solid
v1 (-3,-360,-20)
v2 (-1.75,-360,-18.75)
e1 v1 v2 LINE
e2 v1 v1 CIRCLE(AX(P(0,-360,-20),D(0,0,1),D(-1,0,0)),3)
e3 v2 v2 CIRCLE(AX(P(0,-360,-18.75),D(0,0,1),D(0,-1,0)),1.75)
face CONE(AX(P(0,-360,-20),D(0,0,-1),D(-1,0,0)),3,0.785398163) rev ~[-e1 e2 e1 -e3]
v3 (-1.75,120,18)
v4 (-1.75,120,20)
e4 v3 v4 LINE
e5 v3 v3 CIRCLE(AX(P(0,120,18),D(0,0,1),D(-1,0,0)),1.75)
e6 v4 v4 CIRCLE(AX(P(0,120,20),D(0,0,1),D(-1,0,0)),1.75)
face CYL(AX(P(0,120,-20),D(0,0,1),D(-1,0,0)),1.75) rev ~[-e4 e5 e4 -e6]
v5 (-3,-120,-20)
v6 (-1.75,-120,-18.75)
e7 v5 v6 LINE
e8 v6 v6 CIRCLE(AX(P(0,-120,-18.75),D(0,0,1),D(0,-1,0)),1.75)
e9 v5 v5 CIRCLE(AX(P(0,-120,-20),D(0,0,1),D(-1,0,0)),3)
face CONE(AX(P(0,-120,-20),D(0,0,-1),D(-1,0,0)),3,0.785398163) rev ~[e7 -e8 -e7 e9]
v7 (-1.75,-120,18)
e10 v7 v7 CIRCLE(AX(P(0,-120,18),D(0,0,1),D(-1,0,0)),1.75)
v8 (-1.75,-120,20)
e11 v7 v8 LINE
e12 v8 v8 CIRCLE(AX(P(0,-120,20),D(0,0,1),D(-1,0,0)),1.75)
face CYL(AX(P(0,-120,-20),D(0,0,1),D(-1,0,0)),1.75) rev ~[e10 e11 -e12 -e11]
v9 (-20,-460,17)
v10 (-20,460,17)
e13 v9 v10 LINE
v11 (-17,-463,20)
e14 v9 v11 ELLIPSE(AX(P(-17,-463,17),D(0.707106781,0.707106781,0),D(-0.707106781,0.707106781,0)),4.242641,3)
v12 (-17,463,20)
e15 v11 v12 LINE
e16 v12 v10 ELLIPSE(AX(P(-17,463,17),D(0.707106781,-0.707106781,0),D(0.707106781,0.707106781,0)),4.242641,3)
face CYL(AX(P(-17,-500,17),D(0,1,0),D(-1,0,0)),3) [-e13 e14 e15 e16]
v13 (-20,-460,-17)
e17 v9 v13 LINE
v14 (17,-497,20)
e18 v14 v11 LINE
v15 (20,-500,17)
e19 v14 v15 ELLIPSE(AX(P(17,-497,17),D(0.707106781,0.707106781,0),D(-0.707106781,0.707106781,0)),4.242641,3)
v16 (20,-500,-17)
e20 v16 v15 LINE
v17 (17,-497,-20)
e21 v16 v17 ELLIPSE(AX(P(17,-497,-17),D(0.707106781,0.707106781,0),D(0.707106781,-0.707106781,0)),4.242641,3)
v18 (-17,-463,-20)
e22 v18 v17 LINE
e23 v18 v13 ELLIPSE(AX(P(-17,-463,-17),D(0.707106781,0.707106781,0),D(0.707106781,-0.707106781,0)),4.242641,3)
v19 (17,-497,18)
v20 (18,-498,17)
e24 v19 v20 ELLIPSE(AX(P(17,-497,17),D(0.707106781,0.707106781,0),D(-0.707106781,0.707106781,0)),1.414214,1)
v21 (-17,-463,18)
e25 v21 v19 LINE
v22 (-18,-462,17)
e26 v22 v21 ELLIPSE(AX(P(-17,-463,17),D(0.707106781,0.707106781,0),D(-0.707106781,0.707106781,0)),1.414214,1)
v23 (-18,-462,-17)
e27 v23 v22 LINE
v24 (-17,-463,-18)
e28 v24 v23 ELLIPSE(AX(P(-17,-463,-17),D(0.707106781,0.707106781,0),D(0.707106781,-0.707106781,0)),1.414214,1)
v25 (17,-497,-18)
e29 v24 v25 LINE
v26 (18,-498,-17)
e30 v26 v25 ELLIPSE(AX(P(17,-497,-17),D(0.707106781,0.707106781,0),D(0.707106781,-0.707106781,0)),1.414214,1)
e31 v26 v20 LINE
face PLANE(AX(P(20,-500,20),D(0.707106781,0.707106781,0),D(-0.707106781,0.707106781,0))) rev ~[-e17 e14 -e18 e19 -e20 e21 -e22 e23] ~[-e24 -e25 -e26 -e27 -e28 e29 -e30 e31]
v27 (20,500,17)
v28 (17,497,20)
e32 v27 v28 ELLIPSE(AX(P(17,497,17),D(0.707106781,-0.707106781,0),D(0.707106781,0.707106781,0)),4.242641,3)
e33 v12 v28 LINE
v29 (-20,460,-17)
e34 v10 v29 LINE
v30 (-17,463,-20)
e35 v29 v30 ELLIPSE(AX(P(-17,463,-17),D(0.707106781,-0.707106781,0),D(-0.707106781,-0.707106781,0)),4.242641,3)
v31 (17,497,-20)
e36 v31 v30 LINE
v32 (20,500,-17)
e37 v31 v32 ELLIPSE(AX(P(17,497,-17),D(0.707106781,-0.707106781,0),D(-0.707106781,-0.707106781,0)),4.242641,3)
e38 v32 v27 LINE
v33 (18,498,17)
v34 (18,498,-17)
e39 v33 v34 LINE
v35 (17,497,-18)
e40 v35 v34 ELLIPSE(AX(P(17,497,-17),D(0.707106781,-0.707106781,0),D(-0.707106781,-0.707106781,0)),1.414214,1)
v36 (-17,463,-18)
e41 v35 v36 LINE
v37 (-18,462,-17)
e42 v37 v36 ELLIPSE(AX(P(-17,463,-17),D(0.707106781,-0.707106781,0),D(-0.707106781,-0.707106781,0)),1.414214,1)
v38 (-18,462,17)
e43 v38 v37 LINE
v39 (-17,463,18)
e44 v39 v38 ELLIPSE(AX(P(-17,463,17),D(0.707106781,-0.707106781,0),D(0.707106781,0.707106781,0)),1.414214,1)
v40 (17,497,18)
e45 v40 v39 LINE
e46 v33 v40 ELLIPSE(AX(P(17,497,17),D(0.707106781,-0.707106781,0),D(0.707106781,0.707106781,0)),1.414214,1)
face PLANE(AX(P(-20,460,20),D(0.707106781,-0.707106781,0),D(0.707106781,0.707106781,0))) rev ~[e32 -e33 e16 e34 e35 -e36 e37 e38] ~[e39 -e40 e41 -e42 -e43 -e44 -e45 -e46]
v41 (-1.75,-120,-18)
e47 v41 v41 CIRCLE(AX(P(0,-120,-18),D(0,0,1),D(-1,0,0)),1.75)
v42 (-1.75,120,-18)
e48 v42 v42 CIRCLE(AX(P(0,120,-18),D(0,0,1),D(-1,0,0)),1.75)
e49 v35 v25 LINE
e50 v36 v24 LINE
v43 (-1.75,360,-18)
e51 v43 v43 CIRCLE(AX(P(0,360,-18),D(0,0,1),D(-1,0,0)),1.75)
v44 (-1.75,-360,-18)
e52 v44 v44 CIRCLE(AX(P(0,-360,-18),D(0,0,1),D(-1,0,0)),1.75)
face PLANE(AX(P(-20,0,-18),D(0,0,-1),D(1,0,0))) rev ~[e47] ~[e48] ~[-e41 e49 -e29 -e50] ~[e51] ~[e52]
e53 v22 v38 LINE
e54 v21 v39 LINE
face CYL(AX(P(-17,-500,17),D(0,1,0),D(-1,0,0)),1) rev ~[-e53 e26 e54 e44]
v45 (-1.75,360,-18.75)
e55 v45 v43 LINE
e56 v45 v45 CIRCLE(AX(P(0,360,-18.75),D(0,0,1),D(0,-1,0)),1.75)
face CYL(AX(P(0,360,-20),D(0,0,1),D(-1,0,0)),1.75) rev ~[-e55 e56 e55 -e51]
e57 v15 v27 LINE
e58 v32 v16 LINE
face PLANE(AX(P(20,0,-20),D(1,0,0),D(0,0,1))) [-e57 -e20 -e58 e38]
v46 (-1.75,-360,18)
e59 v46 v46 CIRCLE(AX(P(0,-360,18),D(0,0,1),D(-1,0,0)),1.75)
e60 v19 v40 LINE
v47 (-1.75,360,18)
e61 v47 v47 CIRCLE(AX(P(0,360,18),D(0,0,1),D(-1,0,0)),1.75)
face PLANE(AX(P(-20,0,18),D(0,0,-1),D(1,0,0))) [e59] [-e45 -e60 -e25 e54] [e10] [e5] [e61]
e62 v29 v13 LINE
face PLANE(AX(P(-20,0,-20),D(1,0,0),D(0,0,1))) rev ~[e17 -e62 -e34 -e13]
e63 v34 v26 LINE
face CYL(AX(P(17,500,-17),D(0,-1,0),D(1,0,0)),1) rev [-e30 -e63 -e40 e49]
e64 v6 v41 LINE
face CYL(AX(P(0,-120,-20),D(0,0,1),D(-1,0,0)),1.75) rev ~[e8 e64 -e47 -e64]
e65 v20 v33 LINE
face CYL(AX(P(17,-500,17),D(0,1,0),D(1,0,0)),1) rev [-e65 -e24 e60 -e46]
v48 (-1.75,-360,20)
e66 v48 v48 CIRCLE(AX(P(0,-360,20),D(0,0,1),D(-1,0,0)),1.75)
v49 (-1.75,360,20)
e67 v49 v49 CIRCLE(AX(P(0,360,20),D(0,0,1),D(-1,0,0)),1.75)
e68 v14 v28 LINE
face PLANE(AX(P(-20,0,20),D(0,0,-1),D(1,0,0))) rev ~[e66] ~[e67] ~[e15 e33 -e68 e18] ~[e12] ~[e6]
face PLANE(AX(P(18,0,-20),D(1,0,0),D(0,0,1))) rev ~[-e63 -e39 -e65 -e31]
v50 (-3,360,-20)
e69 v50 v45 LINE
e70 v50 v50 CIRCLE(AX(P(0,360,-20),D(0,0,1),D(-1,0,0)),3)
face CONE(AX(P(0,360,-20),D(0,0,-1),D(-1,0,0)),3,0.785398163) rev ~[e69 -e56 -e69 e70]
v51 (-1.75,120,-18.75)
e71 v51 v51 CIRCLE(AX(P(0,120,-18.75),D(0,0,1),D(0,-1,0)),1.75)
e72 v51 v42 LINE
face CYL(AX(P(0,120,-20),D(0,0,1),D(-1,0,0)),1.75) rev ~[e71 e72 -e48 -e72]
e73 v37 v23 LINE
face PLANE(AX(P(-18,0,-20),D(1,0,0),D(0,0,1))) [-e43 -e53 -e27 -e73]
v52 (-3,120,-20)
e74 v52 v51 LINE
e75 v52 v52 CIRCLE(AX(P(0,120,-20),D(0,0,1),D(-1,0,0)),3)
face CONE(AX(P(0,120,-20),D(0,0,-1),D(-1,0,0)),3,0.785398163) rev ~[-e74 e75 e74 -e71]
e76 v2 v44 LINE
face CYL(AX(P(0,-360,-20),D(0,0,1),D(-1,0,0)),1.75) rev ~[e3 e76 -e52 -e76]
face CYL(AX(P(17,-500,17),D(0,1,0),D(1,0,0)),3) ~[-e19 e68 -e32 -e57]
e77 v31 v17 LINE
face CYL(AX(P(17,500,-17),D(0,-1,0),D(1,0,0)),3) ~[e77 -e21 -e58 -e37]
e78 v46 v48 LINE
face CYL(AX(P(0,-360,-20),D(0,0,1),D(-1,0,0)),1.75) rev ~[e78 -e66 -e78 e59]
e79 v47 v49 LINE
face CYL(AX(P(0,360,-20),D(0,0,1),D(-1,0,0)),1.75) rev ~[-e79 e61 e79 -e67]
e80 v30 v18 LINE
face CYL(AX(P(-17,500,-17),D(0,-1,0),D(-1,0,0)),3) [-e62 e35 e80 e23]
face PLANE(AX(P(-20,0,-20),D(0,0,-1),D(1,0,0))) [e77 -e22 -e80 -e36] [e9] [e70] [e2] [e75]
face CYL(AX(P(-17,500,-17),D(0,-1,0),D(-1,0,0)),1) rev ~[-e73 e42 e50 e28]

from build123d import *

# Parameters (mm, degrees)
F2_W           = 40
F2_H           = 40
F3_DEPTH       = 500
F4_R           = 3
F5_T           = -2
F7_DEPTH       = 40.001
F9_D           = 3.5
F9_CSINK_D     = 6
F9_CSINK_ANGLE = 90


with BuildPart() as f3:
    # F2 (on Front) → F3 (new body, symmetric)
    with BuildSketch(Plane.XZ):
        Rectangle(F2_W, F2_H)
    extrude(amount=F3_DEPTH, both=True)

    # F4
    f4_edges = [f3.edges().sort_by_distance(p)[0] for p in [
        (20, 0, 20),
        (-20, 0, 20),
        (20, 0, -20),
        (-20, 0, -20),
    ]]
    fillet(f4_edges, radius=F4_R)

    # F5
    f5_openings = [f3.faces().sort_by_distance(p)[0] for p in [
        (0, -500, 0),
        (0, 500, 0),
    ]]
    offset(amount=F5_T, openings=f5_openings)

    # F6 (on face) → F7 (cut, through all)
    with BuildSketch(Plane.XY.offset(20)):
        Polygon((20, 500), (-20, 500), (-20, 460), align=None)
        Polygon((20, -500), (-20, -460), (-20, -500), align=None)
    extrude(amount=-F7_DEPTH, mode=Mode.SUBTRACT)

    # F9 (through all)
    with Locations(Plane(origin=(0, 0, -20), x_dir=(1, 0, 0), z_dir=(0, 0, -1))):
        with Locations((0, 360), (0, 120), (0, -120), (0, -360)):
            CounterSinkHole(F9_D / 2, F9_CSINK_D / 2, counter_sink_angle=F9_CSINK_ANGLE)


solid = f3.part
